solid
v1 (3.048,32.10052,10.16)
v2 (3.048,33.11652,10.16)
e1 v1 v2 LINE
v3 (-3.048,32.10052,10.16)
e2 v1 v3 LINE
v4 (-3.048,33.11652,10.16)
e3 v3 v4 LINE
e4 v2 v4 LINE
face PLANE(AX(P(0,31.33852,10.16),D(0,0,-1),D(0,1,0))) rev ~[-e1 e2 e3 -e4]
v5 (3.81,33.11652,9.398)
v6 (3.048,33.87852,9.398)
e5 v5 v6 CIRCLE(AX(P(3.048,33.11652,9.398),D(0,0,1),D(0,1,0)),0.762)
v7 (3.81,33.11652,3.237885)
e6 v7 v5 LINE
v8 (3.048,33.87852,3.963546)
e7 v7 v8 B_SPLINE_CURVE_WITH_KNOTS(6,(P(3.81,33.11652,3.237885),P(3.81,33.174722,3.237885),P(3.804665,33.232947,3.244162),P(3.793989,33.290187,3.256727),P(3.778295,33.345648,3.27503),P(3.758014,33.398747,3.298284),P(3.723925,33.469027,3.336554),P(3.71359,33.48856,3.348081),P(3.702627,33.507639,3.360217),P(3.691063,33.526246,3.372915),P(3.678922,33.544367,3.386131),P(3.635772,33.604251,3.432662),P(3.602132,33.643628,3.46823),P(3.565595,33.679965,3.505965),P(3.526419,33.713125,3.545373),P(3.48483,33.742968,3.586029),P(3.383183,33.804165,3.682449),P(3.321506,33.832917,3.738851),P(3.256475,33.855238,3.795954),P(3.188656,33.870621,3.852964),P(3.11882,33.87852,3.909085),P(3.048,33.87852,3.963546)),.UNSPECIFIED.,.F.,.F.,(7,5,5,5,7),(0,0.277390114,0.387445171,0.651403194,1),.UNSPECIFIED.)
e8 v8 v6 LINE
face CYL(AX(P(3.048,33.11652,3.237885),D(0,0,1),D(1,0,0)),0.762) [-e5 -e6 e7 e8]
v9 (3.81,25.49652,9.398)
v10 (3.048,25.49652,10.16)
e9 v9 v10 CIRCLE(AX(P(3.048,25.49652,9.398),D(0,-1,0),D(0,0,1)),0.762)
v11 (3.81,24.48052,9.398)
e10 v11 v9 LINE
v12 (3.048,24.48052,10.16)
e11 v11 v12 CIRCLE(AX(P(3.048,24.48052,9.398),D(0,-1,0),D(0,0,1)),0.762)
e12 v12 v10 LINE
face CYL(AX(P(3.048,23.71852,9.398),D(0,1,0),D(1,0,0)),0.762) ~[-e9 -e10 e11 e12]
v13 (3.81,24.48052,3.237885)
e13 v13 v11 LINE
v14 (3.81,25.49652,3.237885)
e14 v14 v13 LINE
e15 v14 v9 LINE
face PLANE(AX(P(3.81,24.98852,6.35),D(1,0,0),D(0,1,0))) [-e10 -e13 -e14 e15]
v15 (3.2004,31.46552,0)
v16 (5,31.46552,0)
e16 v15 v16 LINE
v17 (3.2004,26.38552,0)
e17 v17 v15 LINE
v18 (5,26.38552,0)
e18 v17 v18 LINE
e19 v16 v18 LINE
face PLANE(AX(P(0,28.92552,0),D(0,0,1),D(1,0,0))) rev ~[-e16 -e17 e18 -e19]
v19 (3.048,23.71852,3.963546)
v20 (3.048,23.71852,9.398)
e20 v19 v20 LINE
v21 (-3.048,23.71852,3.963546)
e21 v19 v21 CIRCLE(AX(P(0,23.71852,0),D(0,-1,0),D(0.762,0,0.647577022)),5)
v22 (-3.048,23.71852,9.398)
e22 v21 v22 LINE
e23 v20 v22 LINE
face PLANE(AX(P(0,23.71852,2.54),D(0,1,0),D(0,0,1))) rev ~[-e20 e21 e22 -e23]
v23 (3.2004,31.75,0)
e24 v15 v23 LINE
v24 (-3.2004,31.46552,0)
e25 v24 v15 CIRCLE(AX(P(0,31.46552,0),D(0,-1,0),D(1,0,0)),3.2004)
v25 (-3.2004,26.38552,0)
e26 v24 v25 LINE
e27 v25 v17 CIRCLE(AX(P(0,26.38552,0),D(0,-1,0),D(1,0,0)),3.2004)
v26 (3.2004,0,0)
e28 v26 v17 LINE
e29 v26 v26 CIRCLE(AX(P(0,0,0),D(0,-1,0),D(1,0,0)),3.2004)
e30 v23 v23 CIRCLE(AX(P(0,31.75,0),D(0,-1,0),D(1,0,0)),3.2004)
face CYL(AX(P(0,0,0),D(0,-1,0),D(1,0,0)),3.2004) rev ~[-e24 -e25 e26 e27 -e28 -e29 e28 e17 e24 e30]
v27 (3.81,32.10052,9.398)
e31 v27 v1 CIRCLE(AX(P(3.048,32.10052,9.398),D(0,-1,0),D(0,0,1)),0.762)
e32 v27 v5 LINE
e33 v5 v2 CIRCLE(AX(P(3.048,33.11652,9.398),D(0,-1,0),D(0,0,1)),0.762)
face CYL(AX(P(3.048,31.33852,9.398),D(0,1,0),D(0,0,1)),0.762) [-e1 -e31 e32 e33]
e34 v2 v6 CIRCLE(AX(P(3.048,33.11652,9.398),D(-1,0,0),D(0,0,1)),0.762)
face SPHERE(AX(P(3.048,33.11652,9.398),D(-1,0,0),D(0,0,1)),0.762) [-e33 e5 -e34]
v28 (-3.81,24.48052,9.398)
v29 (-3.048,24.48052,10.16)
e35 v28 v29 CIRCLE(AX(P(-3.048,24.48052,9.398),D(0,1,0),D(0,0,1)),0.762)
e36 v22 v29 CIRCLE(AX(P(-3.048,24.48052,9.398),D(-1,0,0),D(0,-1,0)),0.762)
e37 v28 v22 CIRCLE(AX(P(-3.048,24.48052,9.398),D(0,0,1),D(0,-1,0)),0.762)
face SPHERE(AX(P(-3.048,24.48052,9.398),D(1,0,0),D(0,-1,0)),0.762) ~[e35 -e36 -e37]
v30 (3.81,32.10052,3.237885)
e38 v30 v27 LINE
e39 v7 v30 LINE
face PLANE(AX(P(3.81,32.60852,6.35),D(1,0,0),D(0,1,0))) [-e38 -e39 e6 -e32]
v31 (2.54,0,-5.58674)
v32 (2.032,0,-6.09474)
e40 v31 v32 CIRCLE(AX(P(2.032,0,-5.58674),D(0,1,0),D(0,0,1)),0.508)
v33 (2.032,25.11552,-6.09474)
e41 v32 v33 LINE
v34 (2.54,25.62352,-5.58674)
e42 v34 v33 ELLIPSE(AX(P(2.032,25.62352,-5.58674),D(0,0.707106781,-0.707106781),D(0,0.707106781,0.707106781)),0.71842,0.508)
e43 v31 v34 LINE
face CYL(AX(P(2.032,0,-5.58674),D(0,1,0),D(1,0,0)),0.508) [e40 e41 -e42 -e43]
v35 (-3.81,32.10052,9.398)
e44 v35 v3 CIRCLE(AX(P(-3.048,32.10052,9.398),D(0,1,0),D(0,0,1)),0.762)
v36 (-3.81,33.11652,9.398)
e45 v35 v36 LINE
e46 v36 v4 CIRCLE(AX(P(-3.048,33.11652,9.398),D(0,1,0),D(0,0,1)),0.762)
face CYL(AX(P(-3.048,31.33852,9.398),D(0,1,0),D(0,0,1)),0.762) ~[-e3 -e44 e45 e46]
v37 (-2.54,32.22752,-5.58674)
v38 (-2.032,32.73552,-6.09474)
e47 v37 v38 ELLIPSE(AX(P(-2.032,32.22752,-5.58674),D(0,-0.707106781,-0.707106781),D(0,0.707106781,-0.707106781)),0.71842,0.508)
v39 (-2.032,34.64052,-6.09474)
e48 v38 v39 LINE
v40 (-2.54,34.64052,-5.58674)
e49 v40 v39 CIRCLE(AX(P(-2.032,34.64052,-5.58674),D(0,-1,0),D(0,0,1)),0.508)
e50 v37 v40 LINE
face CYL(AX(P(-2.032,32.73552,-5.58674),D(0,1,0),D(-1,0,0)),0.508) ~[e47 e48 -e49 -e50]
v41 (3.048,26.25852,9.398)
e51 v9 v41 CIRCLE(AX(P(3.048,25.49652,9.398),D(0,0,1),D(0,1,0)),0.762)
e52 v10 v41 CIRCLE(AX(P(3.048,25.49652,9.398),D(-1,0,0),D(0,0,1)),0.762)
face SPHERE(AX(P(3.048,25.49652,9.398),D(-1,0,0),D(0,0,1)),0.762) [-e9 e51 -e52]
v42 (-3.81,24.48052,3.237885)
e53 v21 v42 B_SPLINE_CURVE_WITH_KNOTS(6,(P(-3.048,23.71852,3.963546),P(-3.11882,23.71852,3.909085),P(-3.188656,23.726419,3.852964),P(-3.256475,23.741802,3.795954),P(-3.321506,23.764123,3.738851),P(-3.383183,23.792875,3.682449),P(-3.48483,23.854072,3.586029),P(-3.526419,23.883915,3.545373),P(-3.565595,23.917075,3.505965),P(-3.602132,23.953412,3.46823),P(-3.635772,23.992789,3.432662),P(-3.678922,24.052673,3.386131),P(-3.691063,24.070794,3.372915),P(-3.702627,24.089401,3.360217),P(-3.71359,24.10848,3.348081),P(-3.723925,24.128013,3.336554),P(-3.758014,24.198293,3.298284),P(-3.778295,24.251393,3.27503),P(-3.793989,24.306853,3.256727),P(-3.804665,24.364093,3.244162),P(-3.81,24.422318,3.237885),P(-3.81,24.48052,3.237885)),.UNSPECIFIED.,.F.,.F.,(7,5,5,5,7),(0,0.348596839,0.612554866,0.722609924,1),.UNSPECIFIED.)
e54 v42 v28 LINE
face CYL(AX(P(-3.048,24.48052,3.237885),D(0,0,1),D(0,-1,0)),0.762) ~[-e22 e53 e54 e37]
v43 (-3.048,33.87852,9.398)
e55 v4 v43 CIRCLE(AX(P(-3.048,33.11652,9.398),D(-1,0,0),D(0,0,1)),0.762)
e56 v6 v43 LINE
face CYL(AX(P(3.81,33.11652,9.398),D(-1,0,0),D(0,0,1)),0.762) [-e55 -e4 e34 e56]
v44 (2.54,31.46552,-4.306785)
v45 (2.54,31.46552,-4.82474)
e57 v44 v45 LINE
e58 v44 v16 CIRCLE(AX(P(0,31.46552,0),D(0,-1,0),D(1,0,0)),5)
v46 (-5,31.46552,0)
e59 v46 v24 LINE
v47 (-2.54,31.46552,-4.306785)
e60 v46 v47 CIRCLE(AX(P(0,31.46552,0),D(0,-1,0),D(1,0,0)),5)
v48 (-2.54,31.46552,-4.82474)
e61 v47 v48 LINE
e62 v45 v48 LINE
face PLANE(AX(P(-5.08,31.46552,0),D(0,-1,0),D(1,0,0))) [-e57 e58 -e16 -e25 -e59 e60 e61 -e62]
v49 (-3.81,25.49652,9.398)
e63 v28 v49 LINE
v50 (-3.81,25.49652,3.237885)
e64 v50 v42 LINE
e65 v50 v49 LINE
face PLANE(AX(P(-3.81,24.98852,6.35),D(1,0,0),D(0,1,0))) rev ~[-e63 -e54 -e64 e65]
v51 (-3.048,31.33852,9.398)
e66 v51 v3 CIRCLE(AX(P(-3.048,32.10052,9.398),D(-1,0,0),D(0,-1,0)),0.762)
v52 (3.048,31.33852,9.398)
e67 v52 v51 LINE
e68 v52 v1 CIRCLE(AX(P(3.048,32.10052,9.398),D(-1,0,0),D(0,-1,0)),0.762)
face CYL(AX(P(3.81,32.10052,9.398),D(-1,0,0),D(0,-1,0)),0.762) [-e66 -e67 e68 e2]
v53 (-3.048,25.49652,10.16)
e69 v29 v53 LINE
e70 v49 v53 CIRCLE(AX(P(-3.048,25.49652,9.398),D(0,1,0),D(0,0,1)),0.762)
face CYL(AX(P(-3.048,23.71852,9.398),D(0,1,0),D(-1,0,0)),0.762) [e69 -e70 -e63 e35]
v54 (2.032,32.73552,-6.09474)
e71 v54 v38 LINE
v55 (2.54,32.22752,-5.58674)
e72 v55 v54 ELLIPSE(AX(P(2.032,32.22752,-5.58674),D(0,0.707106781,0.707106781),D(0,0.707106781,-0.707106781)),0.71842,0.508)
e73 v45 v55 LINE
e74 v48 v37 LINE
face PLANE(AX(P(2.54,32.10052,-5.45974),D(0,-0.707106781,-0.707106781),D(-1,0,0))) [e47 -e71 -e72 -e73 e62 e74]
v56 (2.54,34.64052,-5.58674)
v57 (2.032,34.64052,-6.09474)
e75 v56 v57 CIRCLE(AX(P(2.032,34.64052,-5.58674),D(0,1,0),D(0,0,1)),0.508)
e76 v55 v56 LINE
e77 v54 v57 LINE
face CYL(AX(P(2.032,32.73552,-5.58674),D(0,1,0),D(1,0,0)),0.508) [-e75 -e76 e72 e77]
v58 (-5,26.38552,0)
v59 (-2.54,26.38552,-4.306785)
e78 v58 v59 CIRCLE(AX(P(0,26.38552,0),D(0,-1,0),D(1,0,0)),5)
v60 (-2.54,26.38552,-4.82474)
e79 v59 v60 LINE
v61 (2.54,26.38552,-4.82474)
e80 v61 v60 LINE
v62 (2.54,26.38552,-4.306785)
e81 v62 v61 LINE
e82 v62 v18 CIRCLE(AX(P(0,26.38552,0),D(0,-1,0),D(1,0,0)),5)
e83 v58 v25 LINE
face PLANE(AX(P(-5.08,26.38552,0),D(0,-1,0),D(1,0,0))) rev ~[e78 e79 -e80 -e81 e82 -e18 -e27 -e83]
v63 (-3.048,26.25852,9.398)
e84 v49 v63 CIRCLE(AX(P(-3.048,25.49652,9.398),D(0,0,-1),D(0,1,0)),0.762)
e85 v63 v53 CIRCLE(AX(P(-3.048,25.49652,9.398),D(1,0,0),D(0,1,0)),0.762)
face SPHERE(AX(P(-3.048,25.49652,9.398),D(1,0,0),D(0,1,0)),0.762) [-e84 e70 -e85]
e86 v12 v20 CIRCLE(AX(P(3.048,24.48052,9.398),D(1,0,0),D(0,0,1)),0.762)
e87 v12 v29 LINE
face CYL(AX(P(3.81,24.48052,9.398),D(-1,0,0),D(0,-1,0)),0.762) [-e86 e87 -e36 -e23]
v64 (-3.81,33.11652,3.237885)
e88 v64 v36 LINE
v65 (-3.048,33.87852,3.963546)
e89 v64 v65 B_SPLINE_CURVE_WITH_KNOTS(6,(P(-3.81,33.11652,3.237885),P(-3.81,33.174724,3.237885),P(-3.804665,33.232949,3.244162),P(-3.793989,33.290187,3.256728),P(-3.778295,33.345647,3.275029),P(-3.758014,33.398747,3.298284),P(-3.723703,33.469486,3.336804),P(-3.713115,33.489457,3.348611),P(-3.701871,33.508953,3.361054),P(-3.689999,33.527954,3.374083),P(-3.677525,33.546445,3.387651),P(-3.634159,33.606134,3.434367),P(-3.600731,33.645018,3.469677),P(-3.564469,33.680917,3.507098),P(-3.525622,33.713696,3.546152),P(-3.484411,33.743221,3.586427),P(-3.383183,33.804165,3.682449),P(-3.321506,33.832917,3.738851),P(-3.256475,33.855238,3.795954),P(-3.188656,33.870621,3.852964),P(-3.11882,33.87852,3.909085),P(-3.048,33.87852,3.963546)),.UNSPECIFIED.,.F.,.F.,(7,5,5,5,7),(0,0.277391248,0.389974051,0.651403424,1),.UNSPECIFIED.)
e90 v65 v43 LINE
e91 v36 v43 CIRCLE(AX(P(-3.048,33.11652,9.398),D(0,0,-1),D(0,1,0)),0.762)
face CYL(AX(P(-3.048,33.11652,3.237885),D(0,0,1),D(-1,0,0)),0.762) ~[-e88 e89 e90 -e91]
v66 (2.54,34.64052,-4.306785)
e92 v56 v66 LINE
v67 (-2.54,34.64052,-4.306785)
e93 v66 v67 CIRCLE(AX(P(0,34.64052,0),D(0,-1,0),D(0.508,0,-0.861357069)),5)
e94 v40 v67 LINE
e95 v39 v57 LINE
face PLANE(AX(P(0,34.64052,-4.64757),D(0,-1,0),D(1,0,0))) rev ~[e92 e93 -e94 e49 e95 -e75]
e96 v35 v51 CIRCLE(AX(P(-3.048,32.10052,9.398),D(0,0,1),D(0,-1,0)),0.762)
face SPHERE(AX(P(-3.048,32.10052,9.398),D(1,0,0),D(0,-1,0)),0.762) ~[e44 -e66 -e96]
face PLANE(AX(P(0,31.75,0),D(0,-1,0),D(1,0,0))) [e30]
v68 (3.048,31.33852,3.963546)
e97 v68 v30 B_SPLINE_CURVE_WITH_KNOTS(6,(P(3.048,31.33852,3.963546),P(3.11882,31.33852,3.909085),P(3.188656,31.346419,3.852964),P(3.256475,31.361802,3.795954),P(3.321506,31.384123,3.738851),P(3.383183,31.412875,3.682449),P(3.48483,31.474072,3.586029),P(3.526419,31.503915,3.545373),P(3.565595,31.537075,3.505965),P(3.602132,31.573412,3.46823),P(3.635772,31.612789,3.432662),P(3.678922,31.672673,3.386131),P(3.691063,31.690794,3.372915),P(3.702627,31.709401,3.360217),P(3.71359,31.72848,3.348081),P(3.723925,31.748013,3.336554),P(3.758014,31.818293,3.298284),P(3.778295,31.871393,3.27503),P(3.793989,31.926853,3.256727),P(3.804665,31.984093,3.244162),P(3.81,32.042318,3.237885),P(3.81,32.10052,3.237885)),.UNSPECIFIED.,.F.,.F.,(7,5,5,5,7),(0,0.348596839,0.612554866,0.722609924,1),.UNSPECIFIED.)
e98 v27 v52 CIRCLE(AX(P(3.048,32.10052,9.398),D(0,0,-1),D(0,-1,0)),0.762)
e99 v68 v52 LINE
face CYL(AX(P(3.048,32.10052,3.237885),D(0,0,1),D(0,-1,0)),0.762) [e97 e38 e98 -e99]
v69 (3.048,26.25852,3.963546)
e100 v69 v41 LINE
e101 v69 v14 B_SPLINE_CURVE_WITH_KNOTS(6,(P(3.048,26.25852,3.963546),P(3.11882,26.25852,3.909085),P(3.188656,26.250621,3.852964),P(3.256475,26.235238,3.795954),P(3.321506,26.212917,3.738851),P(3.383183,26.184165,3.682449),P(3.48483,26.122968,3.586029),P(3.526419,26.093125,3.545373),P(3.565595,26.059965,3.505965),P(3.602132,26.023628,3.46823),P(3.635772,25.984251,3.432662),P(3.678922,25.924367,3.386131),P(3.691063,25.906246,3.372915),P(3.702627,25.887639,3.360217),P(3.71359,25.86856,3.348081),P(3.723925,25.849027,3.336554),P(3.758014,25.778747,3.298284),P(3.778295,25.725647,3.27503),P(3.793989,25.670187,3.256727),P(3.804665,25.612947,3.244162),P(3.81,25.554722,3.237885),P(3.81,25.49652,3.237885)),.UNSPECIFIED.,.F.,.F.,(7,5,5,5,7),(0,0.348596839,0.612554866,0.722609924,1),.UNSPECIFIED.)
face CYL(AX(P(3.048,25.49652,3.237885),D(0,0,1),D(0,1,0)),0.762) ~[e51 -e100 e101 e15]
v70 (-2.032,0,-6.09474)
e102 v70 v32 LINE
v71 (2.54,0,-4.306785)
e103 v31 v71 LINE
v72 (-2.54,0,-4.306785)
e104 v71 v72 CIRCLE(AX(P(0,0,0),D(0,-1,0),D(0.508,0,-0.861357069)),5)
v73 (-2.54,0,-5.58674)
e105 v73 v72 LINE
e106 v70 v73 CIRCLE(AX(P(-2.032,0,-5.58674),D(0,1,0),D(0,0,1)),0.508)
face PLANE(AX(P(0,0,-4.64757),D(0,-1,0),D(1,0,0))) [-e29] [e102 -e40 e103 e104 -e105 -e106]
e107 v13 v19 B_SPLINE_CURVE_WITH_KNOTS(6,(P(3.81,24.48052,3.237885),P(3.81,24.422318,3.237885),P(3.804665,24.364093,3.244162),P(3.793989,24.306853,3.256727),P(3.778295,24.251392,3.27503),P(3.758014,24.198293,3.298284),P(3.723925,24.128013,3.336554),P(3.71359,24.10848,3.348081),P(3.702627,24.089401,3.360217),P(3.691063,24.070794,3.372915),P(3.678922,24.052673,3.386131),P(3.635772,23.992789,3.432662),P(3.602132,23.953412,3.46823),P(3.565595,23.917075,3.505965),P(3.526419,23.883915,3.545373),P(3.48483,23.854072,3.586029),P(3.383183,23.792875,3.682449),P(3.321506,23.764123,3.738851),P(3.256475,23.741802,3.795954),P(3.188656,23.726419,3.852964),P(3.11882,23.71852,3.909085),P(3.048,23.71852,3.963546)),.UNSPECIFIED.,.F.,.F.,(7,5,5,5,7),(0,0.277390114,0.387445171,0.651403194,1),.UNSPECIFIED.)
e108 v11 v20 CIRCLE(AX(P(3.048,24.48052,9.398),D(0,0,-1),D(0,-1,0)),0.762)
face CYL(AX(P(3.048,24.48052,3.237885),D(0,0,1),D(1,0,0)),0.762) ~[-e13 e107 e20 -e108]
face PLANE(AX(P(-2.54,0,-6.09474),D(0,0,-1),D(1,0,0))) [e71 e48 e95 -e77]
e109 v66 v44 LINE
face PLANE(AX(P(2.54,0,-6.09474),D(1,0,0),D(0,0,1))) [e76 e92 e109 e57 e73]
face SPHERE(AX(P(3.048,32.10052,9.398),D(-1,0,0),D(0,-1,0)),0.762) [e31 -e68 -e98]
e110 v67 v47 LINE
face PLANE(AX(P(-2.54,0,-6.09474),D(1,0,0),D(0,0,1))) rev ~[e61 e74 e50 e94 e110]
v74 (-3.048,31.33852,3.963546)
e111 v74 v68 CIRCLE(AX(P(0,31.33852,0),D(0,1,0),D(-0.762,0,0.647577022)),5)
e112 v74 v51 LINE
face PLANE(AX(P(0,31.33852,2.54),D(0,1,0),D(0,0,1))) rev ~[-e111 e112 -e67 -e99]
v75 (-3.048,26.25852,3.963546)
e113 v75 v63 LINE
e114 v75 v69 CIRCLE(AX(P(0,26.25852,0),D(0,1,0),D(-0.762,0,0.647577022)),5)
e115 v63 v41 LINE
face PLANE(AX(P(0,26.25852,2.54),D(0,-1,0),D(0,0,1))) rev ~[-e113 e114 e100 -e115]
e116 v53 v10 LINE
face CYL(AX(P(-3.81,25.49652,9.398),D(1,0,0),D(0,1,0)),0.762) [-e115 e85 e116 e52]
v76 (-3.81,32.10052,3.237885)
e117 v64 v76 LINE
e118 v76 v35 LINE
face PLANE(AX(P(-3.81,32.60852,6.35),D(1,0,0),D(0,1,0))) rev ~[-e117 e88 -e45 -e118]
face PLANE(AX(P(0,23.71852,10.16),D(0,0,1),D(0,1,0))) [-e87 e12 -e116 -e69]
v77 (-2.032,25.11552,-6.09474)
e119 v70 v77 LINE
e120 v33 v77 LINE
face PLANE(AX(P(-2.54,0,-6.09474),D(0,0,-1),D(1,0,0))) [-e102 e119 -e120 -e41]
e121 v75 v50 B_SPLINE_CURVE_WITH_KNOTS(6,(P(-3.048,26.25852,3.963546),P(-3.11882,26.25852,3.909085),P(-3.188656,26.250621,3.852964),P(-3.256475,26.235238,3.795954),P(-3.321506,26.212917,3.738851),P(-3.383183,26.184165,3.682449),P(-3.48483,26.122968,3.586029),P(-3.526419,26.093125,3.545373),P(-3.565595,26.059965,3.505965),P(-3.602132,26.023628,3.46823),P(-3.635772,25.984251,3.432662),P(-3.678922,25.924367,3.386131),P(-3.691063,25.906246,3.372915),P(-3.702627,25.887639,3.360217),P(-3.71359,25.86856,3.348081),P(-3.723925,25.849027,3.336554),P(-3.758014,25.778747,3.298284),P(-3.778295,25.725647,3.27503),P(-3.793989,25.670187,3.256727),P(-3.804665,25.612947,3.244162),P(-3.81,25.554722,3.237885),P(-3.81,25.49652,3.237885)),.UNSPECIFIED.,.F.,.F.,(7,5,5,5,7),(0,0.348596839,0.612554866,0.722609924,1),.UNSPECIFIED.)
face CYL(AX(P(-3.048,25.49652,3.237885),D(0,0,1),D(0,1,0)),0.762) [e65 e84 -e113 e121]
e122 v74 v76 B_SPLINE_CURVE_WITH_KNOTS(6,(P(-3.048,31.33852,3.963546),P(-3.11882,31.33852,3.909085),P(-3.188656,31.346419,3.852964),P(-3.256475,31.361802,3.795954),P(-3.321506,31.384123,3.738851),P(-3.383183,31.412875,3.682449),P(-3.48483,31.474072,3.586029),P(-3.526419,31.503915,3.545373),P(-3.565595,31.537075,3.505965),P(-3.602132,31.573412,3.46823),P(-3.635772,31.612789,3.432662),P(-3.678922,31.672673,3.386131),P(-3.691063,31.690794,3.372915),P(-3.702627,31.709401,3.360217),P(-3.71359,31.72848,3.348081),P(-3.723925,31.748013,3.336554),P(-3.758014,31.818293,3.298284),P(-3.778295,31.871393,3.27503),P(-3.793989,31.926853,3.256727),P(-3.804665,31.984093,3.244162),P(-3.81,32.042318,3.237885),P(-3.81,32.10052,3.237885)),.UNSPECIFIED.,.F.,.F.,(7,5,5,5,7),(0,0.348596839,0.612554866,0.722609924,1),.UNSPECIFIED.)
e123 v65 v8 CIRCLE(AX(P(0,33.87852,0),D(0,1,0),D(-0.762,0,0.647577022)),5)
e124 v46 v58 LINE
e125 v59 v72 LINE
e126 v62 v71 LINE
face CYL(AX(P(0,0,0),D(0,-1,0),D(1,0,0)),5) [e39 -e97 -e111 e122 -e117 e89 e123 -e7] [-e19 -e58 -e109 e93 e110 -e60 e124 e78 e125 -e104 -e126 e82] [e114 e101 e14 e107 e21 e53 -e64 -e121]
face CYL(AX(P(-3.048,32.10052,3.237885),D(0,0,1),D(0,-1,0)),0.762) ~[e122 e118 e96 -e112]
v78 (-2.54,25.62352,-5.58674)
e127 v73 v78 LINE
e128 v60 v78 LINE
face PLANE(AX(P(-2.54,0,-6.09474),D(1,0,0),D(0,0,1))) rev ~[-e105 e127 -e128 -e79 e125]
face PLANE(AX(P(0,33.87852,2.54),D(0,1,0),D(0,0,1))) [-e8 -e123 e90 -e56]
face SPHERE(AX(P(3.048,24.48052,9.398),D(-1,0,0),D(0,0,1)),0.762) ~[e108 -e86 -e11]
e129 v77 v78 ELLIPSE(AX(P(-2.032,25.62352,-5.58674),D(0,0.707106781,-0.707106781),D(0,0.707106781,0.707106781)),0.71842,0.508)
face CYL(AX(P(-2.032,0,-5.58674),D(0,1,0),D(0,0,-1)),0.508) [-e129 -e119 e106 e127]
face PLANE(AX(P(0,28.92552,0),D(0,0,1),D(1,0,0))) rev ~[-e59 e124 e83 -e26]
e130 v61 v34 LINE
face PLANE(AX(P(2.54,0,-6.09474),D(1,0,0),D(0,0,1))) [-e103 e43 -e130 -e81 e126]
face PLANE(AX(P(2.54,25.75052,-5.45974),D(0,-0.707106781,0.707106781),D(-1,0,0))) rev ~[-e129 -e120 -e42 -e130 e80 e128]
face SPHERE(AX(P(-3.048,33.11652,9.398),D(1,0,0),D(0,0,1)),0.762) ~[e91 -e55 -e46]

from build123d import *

# Parameters (mm, degrees)
F1_R          = 5
F2_DEPTH      = 34.64052
F3_W          = 5.08
F3_H          = 2.89434
F4_DEPTH      = 34.64052
F6_W          = 10.16
F6_H          = 5.08
F7_DEPTH      = 25.4
F8_W          = 2.54
F8_H          = 7.62
F9_DEPTH      = 3.81
F9_DEPTH_BACK = 3.81
F5_R          = 3.2004
F10_DEPTH     = 31.75
F11_R         = 0.762
F12_SIZE      = 1.27
F13_R         = 0.508


with BuildPart() as f2:
    # F1 (on Front) → F2 (new body)
    with BuildSketch(Plane.XZ):
        Circle(F1_R)
    extrude(amount=-F2_DEPTH)

    # F3 (on face) → F4 (join, through all)
    with BuildSketch(Plane.XZ):
        with Locations((0, -4.64757)):
            Rectangle(F3_W, F3_H)
    extrude(amount=-F4_DEPTH)

    # F6 (on Top) → F7 (cut)
    with BuildSketch(Plane.XY):
        with Locations((0, 28.92552)):
            Rectangle(F6_W, F6_H)
    extrude(amount=-F7_DEPTH, mode=Mode.SUBTRACT)

    # F8 (on Right) → F9 (join, two sides)
    with BuildSketch(Plane.YZ) as f9_sk:
        with Locations((32.60852, 6.35)):
            Rectangle(F8_W, F8_H)
        with Locations((24.98852, 6.35)):
            Rectangle(F8_W, F8_H)
    extrude(amount=F9_DEPTH)
    extrude(f9_sk.sketch, amount=-F9_DEPTH_BACK)

    # F5 (on face) → F10 (cut)
    with BuildSketch(Plane.XZ):
        Circle(F5_R)
    extrude(amount=-F10_DEPTH, mode=Mode.SUBTRACT)

    # F11
    f11_edges = [f2.edges().sort_by_distance(p)[0] for p in [
        (0, 26.25852, 10.16),
        (0, 31.33852, 10.16),
        (0, 33.87852, 10.16),
        (0, 23.71852, 10.16),
        (-3.81, 26.25852, 6.698943),
        (-3.81, 23.71852, 6.698943),
        (-3.81, 24.98852, 10.16),
        (-3.81, 31.33852, 6.698943),
        (-3.81, 32.60852, 10.16),
        (-3.81, 33.87852, 6.698943),
        (3.81, 24.98852, 10.16),
        (3.81, 26.25852, 6.698943),
        (3.81, 23.71852, 6.698943),
        (3.81, 31.33852, 6.698943),
        (3.81, 32.60852, 10.16),
        (3.81, 33.87852, 6.698943),
    ]]
    fillet(f11_edges, radius=F11_R)

    # F12
    f12_edges = [f2.edges().sort_by_distance(p)[0] for p in [
        (0, 26.38552, -6.09474),
        (0, 31.46552, -6.09474),
    ]]
    chamfer(f12_edges, length=F12_SIZE)

    # F13
    f13_edges = [f2.edges().sort_by_distance(p)[0] for p in [
        (-2.54, 12.55776, -6.09474),
        (-2.54, 33.68802, -6.09474),
        (2.54, 33.68802, -6.09474),
        (2.54, 12.55776, -6.09474),
    ]]
    fillet(f13_edges, radius=F13_R)


solid = f2.part
